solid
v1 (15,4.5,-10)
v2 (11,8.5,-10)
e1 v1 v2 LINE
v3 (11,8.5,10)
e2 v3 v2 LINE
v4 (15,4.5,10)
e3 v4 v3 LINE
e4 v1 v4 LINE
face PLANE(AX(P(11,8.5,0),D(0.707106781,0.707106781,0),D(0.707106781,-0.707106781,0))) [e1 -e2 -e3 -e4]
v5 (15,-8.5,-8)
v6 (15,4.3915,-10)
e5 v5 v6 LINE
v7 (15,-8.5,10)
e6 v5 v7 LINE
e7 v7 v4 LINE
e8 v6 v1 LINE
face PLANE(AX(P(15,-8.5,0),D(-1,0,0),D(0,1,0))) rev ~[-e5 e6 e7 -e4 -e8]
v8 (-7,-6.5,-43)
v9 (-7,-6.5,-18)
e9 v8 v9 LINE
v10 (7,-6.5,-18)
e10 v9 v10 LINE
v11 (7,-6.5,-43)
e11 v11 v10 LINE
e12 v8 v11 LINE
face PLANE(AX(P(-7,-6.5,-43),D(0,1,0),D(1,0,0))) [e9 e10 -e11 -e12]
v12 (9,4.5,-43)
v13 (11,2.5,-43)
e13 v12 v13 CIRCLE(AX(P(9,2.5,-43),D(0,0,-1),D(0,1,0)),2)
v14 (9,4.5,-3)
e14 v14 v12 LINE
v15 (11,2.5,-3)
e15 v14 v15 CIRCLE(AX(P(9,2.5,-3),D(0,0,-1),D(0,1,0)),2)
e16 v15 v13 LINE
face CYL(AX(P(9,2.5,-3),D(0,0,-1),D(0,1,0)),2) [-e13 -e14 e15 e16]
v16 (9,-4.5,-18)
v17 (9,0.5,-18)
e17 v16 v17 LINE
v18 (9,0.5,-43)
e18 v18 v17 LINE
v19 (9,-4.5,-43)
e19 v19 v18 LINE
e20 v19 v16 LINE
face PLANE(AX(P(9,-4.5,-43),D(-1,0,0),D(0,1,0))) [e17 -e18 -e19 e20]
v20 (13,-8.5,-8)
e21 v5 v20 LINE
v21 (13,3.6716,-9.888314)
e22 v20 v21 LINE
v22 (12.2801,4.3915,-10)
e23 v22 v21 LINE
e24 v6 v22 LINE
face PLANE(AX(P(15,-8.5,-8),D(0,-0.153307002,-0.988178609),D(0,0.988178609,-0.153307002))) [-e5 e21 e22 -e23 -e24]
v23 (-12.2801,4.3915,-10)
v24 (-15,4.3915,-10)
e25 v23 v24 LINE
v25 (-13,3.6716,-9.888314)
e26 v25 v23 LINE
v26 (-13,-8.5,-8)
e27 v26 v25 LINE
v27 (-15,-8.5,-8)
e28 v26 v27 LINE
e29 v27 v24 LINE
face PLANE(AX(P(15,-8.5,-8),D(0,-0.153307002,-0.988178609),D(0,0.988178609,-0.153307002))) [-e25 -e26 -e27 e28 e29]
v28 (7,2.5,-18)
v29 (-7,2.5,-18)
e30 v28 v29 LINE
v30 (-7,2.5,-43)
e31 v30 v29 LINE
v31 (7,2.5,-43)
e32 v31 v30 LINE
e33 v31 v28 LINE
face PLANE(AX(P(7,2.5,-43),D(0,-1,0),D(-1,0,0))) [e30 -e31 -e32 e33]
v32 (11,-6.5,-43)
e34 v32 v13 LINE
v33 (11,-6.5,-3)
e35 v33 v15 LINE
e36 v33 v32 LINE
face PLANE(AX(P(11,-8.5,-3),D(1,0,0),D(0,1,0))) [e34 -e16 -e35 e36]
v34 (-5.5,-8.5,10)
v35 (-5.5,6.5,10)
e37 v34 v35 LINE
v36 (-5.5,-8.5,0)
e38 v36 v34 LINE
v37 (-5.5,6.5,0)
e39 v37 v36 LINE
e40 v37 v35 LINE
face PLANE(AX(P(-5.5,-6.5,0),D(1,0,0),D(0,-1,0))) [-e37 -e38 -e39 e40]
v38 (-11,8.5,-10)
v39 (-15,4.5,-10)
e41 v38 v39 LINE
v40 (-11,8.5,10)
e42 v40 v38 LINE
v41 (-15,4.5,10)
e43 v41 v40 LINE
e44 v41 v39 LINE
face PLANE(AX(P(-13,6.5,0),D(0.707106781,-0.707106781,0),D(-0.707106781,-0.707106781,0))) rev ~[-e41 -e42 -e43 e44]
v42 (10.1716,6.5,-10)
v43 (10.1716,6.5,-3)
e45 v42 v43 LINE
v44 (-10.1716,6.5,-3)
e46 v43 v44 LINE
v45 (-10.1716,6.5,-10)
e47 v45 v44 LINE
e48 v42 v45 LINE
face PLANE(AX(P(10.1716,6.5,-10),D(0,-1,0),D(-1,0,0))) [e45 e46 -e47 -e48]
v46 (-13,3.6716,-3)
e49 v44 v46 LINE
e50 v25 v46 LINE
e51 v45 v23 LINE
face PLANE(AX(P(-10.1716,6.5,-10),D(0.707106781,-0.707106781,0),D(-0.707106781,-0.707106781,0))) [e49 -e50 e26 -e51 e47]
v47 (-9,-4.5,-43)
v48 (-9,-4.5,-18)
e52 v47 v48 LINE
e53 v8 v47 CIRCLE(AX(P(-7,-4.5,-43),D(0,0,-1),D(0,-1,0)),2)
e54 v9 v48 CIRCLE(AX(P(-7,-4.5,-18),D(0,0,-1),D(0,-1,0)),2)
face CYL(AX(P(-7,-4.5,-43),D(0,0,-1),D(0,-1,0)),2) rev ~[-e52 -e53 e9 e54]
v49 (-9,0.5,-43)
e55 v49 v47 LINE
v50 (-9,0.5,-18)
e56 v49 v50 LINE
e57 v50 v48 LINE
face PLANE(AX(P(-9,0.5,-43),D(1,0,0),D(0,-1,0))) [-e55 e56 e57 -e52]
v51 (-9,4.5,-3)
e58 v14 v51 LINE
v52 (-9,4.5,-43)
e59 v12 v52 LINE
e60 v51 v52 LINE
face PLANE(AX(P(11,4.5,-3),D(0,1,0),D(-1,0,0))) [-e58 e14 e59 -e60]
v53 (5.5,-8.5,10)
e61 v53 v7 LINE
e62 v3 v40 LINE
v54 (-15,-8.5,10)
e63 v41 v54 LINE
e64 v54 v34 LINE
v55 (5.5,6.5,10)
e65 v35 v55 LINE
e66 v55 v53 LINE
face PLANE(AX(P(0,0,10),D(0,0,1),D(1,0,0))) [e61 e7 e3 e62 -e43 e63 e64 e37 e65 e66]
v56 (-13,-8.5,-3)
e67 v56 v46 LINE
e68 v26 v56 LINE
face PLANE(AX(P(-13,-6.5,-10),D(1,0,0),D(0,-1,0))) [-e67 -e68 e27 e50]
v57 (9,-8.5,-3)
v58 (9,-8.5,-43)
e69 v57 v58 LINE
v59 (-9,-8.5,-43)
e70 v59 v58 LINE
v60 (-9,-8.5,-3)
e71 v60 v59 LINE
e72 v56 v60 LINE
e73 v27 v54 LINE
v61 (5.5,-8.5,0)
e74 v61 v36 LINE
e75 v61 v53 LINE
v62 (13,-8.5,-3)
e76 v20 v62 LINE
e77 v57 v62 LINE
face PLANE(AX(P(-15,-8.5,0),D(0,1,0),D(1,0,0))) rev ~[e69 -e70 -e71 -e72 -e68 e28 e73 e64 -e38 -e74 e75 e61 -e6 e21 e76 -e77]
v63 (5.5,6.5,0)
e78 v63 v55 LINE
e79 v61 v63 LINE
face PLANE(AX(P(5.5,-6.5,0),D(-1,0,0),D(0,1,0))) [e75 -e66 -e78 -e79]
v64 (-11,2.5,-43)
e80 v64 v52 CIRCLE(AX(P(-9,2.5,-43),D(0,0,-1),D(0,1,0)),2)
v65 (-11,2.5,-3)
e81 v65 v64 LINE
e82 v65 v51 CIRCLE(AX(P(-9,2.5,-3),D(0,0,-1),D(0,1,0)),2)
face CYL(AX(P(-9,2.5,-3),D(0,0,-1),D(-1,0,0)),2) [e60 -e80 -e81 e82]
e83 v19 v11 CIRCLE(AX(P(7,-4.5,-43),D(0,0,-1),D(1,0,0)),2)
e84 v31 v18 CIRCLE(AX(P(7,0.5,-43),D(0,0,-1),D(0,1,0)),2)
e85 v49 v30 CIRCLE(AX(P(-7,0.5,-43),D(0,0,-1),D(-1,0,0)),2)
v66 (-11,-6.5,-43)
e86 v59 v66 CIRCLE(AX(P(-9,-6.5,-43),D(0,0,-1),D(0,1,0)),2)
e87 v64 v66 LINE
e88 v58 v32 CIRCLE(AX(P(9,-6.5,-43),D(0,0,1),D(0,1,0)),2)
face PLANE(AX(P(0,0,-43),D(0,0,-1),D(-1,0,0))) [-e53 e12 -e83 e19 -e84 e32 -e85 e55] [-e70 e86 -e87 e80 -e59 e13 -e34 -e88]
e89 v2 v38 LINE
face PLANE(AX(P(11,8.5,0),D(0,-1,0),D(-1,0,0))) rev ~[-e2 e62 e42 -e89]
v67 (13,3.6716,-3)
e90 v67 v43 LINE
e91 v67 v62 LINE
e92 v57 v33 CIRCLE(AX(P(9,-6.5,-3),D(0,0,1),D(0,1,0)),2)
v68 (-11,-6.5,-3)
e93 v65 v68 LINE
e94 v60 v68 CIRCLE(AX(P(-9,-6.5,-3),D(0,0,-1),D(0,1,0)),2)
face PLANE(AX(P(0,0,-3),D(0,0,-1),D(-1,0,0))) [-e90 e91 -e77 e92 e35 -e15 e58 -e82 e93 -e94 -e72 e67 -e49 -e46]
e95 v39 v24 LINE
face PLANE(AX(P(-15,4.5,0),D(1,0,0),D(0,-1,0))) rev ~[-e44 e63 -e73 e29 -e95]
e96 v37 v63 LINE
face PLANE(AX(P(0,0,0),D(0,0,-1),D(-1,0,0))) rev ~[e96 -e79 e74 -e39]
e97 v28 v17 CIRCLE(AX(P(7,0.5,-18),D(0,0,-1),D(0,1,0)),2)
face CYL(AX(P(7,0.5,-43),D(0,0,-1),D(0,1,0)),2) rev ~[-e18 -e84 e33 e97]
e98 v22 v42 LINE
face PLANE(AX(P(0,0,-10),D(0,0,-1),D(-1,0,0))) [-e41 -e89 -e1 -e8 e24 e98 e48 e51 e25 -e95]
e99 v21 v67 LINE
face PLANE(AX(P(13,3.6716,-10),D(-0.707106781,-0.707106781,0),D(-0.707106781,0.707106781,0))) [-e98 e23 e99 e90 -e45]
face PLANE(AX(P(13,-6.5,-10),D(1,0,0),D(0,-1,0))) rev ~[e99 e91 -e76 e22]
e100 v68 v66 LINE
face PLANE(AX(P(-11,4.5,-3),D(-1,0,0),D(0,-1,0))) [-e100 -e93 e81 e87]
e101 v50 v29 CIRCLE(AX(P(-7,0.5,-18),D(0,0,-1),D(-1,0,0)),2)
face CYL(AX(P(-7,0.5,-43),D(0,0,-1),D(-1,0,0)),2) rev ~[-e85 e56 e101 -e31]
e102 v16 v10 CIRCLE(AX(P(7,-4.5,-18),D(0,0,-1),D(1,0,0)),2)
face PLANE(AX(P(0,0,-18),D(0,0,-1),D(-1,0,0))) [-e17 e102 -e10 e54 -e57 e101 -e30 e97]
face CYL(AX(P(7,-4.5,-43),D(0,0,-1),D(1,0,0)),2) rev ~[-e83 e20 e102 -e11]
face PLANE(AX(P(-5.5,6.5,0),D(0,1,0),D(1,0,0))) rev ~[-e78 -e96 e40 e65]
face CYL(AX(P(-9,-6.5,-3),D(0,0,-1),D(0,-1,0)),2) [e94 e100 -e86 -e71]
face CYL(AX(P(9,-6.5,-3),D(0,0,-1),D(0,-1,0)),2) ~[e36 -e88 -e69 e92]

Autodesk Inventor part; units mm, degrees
ref_plane "YZ Plane" through (0, 0, 0) normal (1, 0, 0) x (0, 1, 0)
ref_plane "XZ Plane" through (0, 0, 0) normal (0, 1, 0) x (-1, 0, 0)
ref_plane "XY Plane" through (0, 0, 0) normal (0, 0, 1) x (1, 0, 0)
sketch "Szkic1" plane through (0, 0, 0) normal (0, 0, 1) x (1, 0, 0)
  line L0 (-15, -8.5) -> (15, -8.5)
  line L1 (15, -8.5) -> (15, 4.5)
  line L2 (11, 8.5) -> (-11, 8.5)
  line L3 (-15, 4.5) -> (-15, -8.5)
  line L4 (-15, -8.5) -> (15, 8.5) construction
  line L5 (15, -8.5) -> (-15, 8.5) construction
  line L6 (-13, 6.5) -> (13, 6.5)
  line L7 (13, 6.5) -> (13, -6.5)
  line L8 (13, -6.5) -> (-13, -6.5)
  line L9 (-13, -6.5) -> (-13, 6.5)
  line L10 (-5.5, -6.5) -> (5.5, -6.5)
  line L11 (5.5, -6.5) -> (5.5, 6.5)
  line L12 (5.5, 6.5) -> (-5.5, 6.5)
  line L13 (-5.5, 6.5) -> (-5.5, -6.5)
  line L14 (-5.5, -6.5) -> (5.5, 6.5) construction
  line L15 (5.5, -6.5) -> (-5.5, 6.5) construction
  line L16 (-5.5, -6.5) -> (-5.5, -8.5)
  line L17 (5.5, -6.5) -> (5.5, -8.5)
  line L18 (-11, 8.5) -> (-15, 4.5)
  line L19 (11, 8.5) -> (15, 4.5)
  point P0 (0, 0)
  dimension "d0" = 30
  dimension "d1" = 17
  dimension "d2" = 2
  dimension "d3" = 11
  dimension "d4" = 4
  dimension "d5" = 4
  dimension "d6" = 4
  dimension "d7" = 4
extrude "Wyciągnięcie proste1" add sketch "Szkic1" along normal blind 10 contours L3 L18 L9 L8 L16 L0 | L17 L8 L7 L19 L1 L0 | L8 L9 L6 L13 | L18 L2 L19 L6 | L11 L6 L7 L8
sketch "Szkic2" plane through (0, 0, 0) normal (0, 0, -1) x (-1, 0, 0)
  line L0 (5.5, 6.5) -> (-5.5, 6.5) projected
  line L1 (5.5, -8.5) -> (5.5, 6.5) projected
  line L2 (15, -8.5) -> (5.5, -8.5) projected
  line L3 (15, 4.5) -> (15, -8.5) projected
  line L4 (11, 8.5) -> (15, 4.5) projected
  line L5 (-11, 8.5) -> (11, 8.5) projected
  line L6 (-15, 4.5) -> (-11, 8.5) projected
  line L7 (-15, -8.5) -> (-15, 4.5) projected
  line L8 (-5.5, -8.5) -> (-15, -8.5) projected
  line L9 (-5.5, 6.5) -> (-5.5, -8.5) projected
  line L10 (-5.5, -8.5) -> (5.5, -8.5)
  point P0 (0, 0)
extrude "Wyciągnięcie proste2" add sketch "Szkic2" along normal blind 10
sketch "Szkic3" plane through (0, 0, -10) normal (0, 0, -1) x (-1, 0, 0)
  line L0 (15, -8.5) -> (15, 4.5) projected
  line L1 (15, 4.5) -> (11, 8.5) projected
  line L2 (11, 8.5) -> (-11, 8.5) projected
  line L3 (-11, 8.5) -> (-15, 4.5) projected
  line L4 (-15, 4.5) -> (-15, -8.5) projected
  line L5 (-15, -8.5) -> (15, -8.5) projected
  line L6 (10.1716, 6.5) -> (13, 3.6716)
  line L7 (13, 3.6716) -> (13, -6.5)
  line L8 (13, -6.5) -> (-13, -6.5)
  line L9 (-13, -6.5) -> (-13, 3.6716)
  line L10 (-13, 3.6716) -> (-10.1716, 6.5)
  line L11 (-10.1716, 6.5) -> (10.1716, 6.5)
  line L12 (-13, -6.5) -> (-13, -8.5)
  line L13 (13, -6.5) -> (13, -8.5)
  point P0 (0, 0)
  dimension "d12" = 2
extrude "Wyciągnięcie proste3" cut sketch "Szkic3" against normal blind 7 contours L5 L12 L8 L13 | L8 L9 L10 L11 L6 L7
sketch "Szkic4" plane through (15, -8.5, 10) normal (1, 0, 0) x (0, 0, -1)
  line L0 (20, 0) -> (0, 0) projected
  line L1 (20, 0) -> (18, 0)
  line L2 (18, 0) -> (20, 12.8915)
  line L3 (20, 12.8915) -> (20, 0)
  point P0 (10, 8.5)
  dimension "d15" = 2
extrude "Wyciągnięcie proste4" cut sketch "Szkic4" against normal through all
sketch "Szkic6" plane through (0, 0, -3) normal (0, 0, -1) x (-1, 0, 0)
  line L0 (-11, 4.5) -> (11, 4.5)
  line L1 (11, 4.5) -> (11, -17.5)
  line L2 (11, -17.5) -> (-11, -17.5)
  line L3 (-11, -17.5) -> (-11, 4.5)
  line L4 (13, -8.5) -> (-13, -8.5) projected
  line L5 (-11, 4.5) -> (11, 4.5)
  line L6 (11, 4.5) -> (11, -8.5)
  line L7 (11, -8.5) -> (-11, -8.5)
  line L8 (-11, -8.5) -> (-11, 4.5)
  point P0 (0, 0)
  dimension "d18" = 22
  dimension "d19" = 22
extrude "Wyciągnięcie proste5" add sketch "Szkic6" along normal blind 40 contours L0 L1 L4 L3
fillet "Zaokrąglenie1" radius 2 4 edges at (11, 4.5, -23) (11, -8.5, -23) (-11, -8.5, -23) (-11, 4.5, -23)
sketch "Szkic7" plane through (0, 0, -43) normal (0, 0, -1) x (-1, 0, 0)
  line L0 (11, -6.5) -> (11, 2.5) projected
  arc A0 (11, 2.5) -> (9, 4.5) centre (9, 2.5) ccw projected
  line L1 (9, 4.5) -> (-9, 4.5) projected
  arc A1 (-9, 4.5) -> (-11, 2.5) centre (-9, 2.5) ccw projected
  line L2 (-11, 2.5) -> (-11, -6.5) projected
  arc A2 (-11, -6.5) -> (-9, -8.5) centre (-9, -6.5) ccw projected
  line L3 (-9, -8.5) -> (9, -8.5) projected
  arc A3 (9, -8.5) -> (11, -6.5) centre (9, -6.5) ccw projected
  line L4 (11, -6.5) -> (11, 2.5) projected
  line L5 (-7, 2.5) -> (7, 2.5)
  line L6 (9, 0.5) -> (9, -4.5)
  line L7 (7, -6.5) -> (-7, -6.5)
  line L8 (-9, -4.5) -> (-9, 0.5)
  arc A4 (-7, 2.5) -> (-9, 0.5) centre (-7, 0.5) ccw
  arc A5 (-9, -4.5) -> (-7, -6.5) centre (-7, -4.5) ccw
  arc A6 (7, -6.5) -> (9, -4.5) centre (7, -4.5) ccw
  arc A7 (9, 0.5) -> (7, 2.5) centre (7, 0.5) ccw
  point P0 (0, 0)
  dimension "d23" = 2
  dimension "d24" = 2
extrude "Wyciągnięcie proste6" cut sketch "Szkic7" against normal blind 25 contours L5 A7 L6 A6 L7 A5 L8 A4
equation "\"d5\" = d4"
equation "\"d6\" = d4"
equation "\"d7\" = d6"
properties part number "gunv1"
